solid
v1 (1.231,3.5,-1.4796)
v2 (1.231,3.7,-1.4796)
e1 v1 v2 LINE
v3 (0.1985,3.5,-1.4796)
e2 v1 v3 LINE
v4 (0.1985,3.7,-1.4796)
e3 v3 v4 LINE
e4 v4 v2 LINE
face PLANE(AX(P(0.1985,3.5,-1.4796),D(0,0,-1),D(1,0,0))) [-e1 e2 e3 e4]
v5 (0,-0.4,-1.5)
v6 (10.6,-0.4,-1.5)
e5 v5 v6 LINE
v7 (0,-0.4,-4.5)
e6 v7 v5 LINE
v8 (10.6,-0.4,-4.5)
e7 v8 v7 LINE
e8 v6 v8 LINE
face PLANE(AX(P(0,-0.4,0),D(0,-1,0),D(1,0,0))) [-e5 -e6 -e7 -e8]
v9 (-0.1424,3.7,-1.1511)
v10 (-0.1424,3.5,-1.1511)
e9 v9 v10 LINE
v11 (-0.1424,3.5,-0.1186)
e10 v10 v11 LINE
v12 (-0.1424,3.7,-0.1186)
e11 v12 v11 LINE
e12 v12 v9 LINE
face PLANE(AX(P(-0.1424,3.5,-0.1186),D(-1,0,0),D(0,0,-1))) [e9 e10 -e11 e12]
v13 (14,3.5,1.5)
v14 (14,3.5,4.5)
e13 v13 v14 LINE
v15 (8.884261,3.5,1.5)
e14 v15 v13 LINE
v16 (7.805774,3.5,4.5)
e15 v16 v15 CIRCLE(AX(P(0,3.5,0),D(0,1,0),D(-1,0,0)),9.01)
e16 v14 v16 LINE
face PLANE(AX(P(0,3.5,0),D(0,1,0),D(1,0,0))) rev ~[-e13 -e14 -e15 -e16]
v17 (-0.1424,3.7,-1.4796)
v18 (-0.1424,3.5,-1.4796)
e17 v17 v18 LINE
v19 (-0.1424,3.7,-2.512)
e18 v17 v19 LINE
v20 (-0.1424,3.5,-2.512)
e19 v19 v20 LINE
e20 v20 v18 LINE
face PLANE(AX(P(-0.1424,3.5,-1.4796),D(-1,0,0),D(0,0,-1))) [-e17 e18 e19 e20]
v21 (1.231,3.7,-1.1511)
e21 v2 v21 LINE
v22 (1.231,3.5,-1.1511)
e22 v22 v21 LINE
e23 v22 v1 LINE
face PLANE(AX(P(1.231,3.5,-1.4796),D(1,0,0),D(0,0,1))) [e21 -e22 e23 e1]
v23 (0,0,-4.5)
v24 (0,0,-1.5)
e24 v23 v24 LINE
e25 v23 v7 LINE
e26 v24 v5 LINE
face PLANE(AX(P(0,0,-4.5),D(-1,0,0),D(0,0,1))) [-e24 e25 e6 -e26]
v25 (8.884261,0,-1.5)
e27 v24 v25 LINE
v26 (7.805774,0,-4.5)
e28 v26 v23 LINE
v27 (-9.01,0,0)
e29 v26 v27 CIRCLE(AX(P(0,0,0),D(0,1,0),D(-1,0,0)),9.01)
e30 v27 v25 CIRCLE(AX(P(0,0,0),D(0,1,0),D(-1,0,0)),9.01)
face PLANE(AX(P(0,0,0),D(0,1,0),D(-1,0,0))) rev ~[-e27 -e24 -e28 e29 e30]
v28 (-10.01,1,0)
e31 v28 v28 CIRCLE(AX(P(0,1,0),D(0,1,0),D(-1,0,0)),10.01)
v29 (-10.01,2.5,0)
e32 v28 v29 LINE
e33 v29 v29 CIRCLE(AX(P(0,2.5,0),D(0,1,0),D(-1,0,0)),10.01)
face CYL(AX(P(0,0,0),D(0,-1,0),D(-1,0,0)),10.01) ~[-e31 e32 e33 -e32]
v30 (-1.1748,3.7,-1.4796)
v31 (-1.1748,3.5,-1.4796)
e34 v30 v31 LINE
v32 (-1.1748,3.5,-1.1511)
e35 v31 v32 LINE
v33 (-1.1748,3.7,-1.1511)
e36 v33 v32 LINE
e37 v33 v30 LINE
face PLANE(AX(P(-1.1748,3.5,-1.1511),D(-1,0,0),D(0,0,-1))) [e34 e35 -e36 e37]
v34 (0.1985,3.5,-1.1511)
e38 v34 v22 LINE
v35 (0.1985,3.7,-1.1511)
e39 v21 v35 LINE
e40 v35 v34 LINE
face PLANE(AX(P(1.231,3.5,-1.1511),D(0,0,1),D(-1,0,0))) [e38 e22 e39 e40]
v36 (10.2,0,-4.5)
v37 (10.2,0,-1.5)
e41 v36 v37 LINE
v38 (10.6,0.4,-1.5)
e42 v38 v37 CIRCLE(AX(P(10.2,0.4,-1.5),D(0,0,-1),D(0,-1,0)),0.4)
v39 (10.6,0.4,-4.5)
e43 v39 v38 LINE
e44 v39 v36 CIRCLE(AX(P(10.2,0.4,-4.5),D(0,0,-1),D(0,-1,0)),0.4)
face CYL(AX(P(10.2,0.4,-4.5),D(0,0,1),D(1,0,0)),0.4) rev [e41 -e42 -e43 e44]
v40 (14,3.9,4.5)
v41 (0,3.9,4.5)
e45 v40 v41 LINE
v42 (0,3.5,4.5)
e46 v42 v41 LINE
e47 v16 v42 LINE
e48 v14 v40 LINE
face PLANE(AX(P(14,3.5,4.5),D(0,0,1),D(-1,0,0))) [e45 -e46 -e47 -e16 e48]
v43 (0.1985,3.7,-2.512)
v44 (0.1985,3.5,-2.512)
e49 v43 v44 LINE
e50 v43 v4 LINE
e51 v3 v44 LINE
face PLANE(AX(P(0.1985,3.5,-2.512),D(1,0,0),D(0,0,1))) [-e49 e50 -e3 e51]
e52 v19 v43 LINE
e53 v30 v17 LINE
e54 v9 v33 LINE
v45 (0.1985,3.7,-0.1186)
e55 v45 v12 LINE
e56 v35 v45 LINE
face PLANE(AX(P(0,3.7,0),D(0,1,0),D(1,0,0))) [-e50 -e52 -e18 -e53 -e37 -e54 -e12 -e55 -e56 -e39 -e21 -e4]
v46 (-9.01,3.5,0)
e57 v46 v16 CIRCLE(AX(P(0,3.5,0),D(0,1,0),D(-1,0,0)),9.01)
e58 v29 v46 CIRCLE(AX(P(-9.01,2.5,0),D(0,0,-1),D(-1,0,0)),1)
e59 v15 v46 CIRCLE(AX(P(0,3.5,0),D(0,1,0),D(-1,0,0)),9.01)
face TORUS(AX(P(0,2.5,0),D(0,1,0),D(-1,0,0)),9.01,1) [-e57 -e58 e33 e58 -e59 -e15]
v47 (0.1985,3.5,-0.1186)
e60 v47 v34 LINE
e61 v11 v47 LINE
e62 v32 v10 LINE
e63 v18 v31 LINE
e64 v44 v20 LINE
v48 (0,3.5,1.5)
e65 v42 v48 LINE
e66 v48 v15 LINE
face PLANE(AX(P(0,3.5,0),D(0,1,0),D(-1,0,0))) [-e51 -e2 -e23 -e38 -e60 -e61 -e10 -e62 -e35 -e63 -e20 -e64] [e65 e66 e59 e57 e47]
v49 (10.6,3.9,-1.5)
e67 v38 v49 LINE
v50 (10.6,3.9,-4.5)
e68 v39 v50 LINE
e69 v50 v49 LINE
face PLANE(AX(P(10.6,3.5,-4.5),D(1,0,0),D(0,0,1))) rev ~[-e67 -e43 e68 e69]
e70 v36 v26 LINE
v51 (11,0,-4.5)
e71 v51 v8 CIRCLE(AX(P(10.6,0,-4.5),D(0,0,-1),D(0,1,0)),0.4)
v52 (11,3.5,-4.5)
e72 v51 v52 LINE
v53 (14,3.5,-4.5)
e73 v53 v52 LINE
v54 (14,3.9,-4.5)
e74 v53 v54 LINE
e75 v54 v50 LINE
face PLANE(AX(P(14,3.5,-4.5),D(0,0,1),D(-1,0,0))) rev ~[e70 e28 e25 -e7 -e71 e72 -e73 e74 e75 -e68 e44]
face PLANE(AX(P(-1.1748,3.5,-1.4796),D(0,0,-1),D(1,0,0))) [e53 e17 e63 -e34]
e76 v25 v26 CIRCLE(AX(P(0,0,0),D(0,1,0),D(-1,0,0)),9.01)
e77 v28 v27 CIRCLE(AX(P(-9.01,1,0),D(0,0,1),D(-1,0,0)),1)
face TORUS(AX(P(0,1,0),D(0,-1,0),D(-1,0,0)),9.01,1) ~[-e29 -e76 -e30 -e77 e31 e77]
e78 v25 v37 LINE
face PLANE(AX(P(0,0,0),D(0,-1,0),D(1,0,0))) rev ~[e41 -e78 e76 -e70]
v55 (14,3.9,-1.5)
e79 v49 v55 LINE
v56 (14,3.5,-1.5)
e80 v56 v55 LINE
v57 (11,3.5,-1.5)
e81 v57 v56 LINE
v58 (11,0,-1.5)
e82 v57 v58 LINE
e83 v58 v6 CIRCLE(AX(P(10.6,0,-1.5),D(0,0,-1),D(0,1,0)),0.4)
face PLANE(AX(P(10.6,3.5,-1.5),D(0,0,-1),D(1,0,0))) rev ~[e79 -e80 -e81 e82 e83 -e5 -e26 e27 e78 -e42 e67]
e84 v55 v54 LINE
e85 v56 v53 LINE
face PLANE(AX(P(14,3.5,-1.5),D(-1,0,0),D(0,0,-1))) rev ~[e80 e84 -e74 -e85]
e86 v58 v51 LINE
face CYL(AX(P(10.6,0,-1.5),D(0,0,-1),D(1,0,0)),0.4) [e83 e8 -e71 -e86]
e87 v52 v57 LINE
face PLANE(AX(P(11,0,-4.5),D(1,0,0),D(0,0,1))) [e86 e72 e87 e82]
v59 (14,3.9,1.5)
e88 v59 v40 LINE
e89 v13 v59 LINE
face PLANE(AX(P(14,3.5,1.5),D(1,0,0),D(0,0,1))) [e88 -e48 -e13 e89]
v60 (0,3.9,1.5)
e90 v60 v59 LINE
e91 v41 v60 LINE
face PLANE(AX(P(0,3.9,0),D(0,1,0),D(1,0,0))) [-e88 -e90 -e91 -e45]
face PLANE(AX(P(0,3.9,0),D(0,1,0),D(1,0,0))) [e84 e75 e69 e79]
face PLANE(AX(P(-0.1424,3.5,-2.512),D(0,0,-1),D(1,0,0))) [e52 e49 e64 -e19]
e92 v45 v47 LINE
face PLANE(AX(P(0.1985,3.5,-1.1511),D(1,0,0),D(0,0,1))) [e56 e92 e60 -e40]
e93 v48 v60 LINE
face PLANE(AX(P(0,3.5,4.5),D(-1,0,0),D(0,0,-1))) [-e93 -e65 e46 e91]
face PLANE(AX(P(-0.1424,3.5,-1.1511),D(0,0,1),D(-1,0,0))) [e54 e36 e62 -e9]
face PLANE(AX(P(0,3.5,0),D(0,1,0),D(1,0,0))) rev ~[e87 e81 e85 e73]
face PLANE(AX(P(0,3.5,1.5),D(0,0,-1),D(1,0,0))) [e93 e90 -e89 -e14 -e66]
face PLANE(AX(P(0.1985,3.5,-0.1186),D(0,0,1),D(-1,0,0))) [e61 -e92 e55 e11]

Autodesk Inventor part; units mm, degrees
ref_plane "YZ Plane" through (0, 0, 0) normal (1, 0, 0) x (0, 1, 0)
ref_plane "XZ Plane" through (0, 0, 0) normal (0, 1, 0) x (-1, 0, 0)
ref_plane "XY Plane" through (0, 0, 0) normal (0, 0, 1) x (1, 0, 0)
sketch "Sketch1" plane through (0, 0, 0) normal (0, 1, 0) x (-1, 0, 0)
  circle A0 centre (0, 0) radius 10.01
  dimension "d0" = 20.02
extrude "Extrusion1" add sketch "Sketch1" along normal blind 3.5
fillet "Fillet1" radius 1 1 edges at (10.01, 3.5, 0)
fillet "Fillet2" radius 1 1 edges at (10.01, 0, 0)
sketch "Sketch2" plane through (0, 3.5, 0) normal (0, 1, 0) x (1, 0, 0)
  line L0 (0, 0) -> (0, -1.5)
  line L1 (0, -1.5) -> (14, -1.5)
  line L2 (14, -1.5) -> (14, -4.5)
  line L3 (14, -4.5) -> (0, -4.5)
  line L4 (0, -4.5) -> (0, -1.5)
  dimension "d5" = 1.5
  dimension "d6" = 14
  dimension "d7" = 3
extrude "Extrusion2" add sketch "Sketch2" along normal blind 0.4
sketch "Sketch3" plane through (0, 0, 0) normal (0, -1, 0) x (1, 0, 0)
  line L0 (0, 0) -> (0, -1.5)
  line L1 (0, -1.5) -> (11, -1.5)
  line L2 (11, -1.5) -> (11, -4.5)
  line L3 (11, -4.5) -> (0, -4.5)
  line L4 (0, -4.5) -> (0, -1.5)
  dimension "d10" = 1.5
  dimension "d11" = 11
  dimension "d12" = 3
extrude "Extrusion3" add sketch "Sketch3" along normal blind 0.4
sketch "Sketch4" plane through (0, 0, 0) normal (0, 1, 0) x (1, 0, 0)
  line L0 (11, 4.5) -> (11, 1.5) projected
  line L1 (11, 1.5) -> (11, 4.5)
  line L2 (11, 4.5) -> (10.6, 4.5)
  line L3 (10.6, 4.5) -> (10.6, 1.5)
  line L4 (10.6, 1.5) -> (11, 1.5)
  point P0 (0, 0)
  dimension "d15" = 0.4
extrude "Extrusion4" add sketch "Sketch4" along normal blind 3.5
fillet "Fillet3" radius 0.4 1 edges at (11, -0.4, -3)
fillet "Fillet4" radius 0.4 1 edges at (10.6, 0, -3)
sketch "Sketch5" plane through (0, 3.5, 0) normal (0, 1, 0) x (1, 0, 0)
  line L0 (10.6, 4.5) -> (10.6, 1.5) projected
  line L1 (10.6, 1.5) -> (14, 1.5)
  line L2 (14, 1.5) -> (14, 4.5)
  line L3 (14, 4.5) -> (10.6, 4.5)
  line L4 (10.6, 4.5) -> (10.6, 1.5)
  point P0 (0, 0)
  dimension "d20" = 3
  dimension "d21" = 3.4
extrude "Extrusion5" add sketch "Sketch5" along normal blind 0.4
sketch "Sketch6" plane through (0, 3.5, 0) normal (0, 1, 0) x (1, 0, 0)
  line L0 (-1.4984, 2.512) -> (1.5521, 2.512) construction
  line L1 (1.5521, 2.512) -> (1.5521, 0.1186) construction
  line L2 (1.5521, 0.1186) -> (-1.4984, 0.1186) construction
  line L3 (-1.4984, 0.1186) -> (-1.4984, 2.512) construction
  line L4 (1.231, 1.1511) -> (0.1985, 1.1511)
  line L5 (0.1985, 1.1511) -> (0.1985, 0.1186)
  line L6 (0.1985, 0.1186) -> (-0.1424, 0.1186)
  line L7 (-0.1424, 0.1186) -> (-0.1424, 1.1511)
  line L8 (-0.1424, 1.1511) -> (-1.1748, 1.1511)
  line L9 (-1.1748, 1.1511) -> (-1.1748, 1.4796)
  line L10 (-1.1748, 1.4796) -> (-0.1424, 1.4796)
  line L11 (-0.1424, 1.4796) -> (-0.1424, 2.512)
  line L12 (-0.1424, 2.512) -> (0.1985, 2.512)
  line L13 (0.1985, 2.512) -> (0.1985, 1.4796)
  line L14 (0.1985, 1.4796) -> (1.231, 1.4796)
  line L15 (1.231, 1.4796) -> (1.231, 1.1511)
  point P0 (0, 0)
extrude "Extrusion6" add sketch "Sketch6" along normal mid plane 0.4
properties part number "RJD2032C1ST1"
